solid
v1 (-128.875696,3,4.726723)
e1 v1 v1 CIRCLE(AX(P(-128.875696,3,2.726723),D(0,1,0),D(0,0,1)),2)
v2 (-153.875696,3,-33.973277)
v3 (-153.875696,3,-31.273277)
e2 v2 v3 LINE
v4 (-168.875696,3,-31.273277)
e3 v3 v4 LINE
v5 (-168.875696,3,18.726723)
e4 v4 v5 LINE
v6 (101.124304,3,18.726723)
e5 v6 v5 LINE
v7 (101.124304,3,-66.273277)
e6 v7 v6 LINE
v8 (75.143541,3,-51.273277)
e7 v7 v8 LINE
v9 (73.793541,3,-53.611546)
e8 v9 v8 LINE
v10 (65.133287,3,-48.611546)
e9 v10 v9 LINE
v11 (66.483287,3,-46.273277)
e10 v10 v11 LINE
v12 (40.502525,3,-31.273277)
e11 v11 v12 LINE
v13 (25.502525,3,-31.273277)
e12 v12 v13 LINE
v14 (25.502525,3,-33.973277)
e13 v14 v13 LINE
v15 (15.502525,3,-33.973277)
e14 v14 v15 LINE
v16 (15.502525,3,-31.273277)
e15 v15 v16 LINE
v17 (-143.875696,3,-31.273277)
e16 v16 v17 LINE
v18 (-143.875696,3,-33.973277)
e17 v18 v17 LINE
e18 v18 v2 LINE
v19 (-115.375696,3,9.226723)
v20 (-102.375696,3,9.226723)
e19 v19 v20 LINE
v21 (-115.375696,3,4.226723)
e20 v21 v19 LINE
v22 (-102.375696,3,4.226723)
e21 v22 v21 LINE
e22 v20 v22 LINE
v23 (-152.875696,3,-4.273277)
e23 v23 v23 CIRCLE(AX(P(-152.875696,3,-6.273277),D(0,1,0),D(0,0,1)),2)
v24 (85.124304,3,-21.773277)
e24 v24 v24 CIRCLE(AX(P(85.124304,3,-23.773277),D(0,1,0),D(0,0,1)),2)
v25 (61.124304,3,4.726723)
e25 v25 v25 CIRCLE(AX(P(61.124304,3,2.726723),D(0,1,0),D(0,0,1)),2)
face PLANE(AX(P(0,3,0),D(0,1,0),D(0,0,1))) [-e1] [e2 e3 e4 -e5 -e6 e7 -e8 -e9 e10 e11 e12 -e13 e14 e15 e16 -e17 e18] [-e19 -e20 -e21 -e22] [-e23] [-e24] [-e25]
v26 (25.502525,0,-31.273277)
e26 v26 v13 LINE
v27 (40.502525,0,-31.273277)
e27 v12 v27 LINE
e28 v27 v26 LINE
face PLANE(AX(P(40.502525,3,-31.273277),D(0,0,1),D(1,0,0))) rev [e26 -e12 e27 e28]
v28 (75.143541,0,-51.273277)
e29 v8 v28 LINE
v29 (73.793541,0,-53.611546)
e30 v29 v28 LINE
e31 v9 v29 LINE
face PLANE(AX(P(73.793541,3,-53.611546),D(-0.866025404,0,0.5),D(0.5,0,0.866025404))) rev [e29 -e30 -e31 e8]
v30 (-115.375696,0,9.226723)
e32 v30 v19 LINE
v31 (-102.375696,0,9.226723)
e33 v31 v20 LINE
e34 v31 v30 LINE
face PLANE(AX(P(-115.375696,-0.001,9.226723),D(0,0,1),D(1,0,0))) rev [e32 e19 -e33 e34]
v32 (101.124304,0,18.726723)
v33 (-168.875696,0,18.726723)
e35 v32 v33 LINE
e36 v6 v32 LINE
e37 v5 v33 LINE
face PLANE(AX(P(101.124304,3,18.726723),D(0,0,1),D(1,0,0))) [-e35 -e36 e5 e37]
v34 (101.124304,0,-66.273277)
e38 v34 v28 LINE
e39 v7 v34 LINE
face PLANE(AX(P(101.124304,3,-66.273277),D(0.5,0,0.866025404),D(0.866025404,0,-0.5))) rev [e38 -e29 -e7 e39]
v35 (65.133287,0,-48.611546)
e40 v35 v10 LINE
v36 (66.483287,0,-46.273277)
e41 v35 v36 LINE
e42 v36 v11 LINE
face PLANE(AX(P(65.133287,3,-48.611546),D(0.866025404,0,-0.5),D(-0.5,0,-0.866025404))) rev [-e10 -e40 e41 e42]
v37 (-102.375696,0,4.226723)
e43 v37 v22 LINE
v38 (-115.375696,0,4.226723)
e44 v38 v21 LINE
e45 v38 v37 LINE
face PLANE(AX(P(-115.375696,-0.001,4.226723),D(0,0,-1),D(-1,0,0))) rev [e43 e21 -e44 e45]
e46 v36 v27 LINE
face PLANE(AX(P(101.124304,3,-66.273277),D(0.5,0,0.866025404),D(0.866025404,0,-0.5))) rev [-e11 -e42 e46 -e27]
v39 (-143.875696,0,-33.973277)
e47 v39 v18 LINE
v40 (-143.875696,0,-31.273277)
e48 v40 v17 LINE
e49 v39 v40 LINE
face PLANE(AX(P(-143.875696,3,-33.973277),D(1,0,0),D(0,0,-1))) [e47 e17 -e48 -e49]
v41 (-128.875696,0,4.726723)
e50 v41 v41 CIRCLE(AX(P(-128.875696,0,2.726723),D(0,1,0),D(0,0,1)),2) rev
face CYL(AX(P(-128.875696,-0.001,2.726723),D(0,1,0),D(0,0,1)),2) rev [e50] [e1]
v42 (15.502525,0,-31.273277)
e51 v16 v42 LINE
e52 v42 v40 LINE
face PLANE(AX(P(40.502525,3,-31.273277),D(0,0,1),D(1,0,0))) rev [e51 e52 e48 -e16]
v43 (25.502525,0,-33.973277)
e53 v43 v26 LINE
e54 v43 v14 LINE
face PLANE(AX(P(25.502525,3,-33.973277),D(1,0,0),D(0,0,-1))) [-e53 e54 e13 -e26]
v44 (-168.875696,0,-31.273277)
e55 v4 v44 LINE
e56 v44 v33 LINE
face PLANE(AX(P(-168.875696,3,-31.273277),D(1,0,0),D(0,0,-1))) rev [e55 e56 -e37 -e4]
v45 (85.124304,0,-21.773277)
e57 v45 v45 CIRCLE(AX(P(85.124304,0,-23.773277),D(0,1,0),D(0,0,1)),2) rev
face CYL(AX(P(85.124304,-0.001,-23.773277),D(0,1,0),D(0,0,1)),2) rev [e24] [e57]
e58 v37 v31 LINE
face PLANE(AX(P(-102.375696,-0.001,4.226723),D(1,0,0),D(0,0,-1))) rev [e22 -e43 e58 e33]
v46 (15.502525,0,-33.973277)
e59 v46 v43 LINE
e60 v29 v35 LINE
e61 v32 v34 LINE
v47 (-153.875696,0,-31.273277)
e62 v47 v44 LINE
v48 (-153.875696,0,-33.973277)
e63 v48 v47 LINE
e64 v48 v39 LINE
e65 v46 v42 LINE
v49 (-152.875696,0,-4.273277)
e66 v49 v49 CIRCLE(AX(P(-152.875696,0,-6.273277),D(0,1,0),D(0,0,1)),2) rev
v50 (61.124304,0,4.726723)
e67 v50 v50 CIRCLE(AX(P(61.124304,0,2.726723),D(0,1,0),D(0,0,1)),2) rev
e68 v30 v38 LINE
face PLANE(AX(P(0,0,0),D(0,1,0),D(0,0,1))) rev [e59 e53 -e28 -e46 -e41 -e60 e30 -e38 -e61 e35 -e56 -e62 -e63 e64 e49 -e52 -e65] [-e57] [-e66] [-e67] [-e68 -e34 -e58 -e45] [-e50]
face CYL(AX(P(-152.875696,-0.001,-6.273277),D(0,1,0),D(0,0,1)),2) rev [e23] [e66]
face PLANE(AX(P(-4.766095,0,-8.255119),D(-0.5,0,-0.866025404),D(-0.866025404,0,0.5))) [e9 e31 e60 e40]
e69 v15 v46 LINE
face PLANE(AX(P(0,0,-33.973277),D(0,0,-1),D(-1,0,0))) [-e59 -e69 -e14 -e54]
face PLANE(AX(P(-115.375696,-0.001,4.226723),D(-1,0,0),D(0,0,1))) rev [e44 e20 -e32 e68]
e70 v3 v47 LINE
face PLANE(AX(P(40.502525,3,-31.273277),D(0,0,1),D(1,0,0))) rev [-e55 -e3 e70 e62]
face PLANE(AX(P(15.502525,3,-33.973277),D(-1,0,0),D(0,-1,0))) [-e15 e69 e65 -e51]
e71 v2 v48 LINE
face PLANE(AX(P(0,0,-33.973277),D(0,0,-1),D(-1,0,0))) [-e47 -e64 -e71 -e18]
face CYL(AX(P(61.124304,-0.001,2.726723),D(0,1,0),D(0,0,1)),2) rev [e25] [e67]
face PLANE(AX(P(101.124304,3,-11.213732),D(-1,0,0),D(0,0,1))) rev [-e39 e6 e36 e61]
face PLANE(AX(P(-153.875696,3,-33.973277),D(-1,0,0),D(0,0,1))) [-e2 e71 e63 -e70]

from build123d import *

# Parameters (mm, degrees)
BOSS_EXTRUDE1_DEPTH = 3
CUT_EXTRUDE1_REACH  = 5
SKETCH2_R           = 2
CUT_EXTRUDE2_REACH  = 5
SKETCH3_R           = 2
SKETCH4_W           = 10
SKETCH4_H           = 3
BOSS_EXTRUDE3_DEPTH = 2.7
SKETCH5_W           = 10
SKETCH5_H           = 3
BOSS_EXTRUDE4_DEPTH = 2.7
CUT_EXTRUDE3_REACH  = 5
SKETCH6_W           = 13
SKETCH6_H           = 5


with BuildPart() as part:
    # Sketch1 → Boss-Extrude1 (new body)
    with BuildSketch(Plane(origin=(0, 0, 0), x_dir=(1, 0, 0), z_dir=(0, 1, 0))):
        Polygon((101.124303582, 11.213732055), (101.124303582, 66.273277114), (40.502525317, 31.273277114), (-168.875696418, 31.273277114), (-168.875696418, -18.726722886), (101.124303582, -18.726722886), align=None)
    extrude(amount=BOSS_EXTRUDE1_DEPTH)

    # Sketch2 → Cut-Extrude1 (cut, up to next)
    with BuildSketch(Plane(origin=(0, 3, 0), x_dir=(1, 0, 0), z_dir=(0, 1, 0)), mode=Mode.PRIVATE) as cut_extrude1_sk1:
        with Locations(Location((-152.875696418, 6.273277114, 0), (0, 0, 270))):  # turned: the seam where the file's is
            Circle(SKETCH2_R)
    cut_extrude1_tool1 = extrude(cut_extrude1_sk1.sketch, amount=-CUT_EXTRUDE1_REACH, mode=Mode.PRIVATE) & part.part
    add(cut_extrude1_tool1.solids().sort_by_distance((-152.875696, 3, -6.273277))[0], mode=Mode.SUBTRACT)
    # Sketch2 → Cut-Extrude1 (cut, up to next)
    with BuildSketch(Plane(origin=(0, 3, 0), x_dir=(1, 0, 0), z_dir=(0, 1, 0)), mode=Mode.PRIVATE) as cut_extrude1_sk2:
        with Locations(Location((85.124303582, 23.773277114, 0), (0, 0, 270))):  # turned: the seam where the file's is
            Circle(SKETCH2_R)
    cut_extrude1_tool2 = extrude(cut_extrude1_sk2.sketch, amount=-CUT_EXTRUDE1_REACH, mode=Mode.PRIVATE) & part.part
    add(cut_extrude1_tool2.solids().sort_by_distance((85.124304, 3, -23.773277))[0], mode=Mode.SUBTRACT)

    # Sketch3 → Cut-Extrude2 (cut, up to next)
    with BuildSketch(Plane(origin=(0, 3, 0), x_dir=(1, 0, 0), z_dir=(0, 1, 0)), mode=Mode.PRIVATE) as cut_extrude2_sk1:
        with Locations(Location((-128.875696418, -2.726722886, 0), (0, 0, 270))):  # turned: the seam where the file's is
            Circle(SKETCH3_R)
    cut_extrude2_tool1 = extrude(cut_extrude2_sk1.sketch, amount=-CUT_EXTRUDE2_REACH, mode=Mode.PRIVATE) & part.part
    add(cut_extrude2_tool1.solids().sort_by_distance((-128.875696, 3, 2.726723))[0], mode=Mode.SUBTRACT)
    # Sketch3 → Cut-Extrude2 (cut, up to next)
    with BuildSketch(Plane(origin=(0, 3, 0), x_dir=(1, 0, 0), z_dir=(0, 1, 0)), mode=Mode.PRIVATE) as cut_extrude2_sk2:
        with Locations(Location((61.124303582, -2.726722886, 0), (0, 0, 270))):  # turned: the seam where the file's is
            Circle(SKETCH3_R)
    cut_extrude2_tool2 = extrude(cut_extrude2_sk2.sketch, amount=-CUT_EXTRUDE2_REACH, mode=Mode.PRIVATE) & part.part
    add(cut_extrude2_tool2.solids().sort_by_distance((61.124304, 3, 2.726723))[0], mode=Mode.SUBTRACT)

    # Sketch4 → Boss-Extrude3 (add)
    with BuildSketch(Plane.XY.offset(-31.273277114)):
        with Locations((-148.875696418, 1.5)):
            Rectangle(SKETCH4_W, SKETCH4_H)
        with Locations((20.502525317, 1.5)):
            Rectangle(SKETCH4_W, SKETCH4_H)
    extrude(amount=-BOSS_EXTRUDE3_DEPTH)

    # Sketch5 → Boss-Extrude4 (add)
    with BuildSketch(Plane(origin=(-3.416094891, 0, -5.916849915), x_dir=(-0.866025404, 0, 0.5), z_dir=(-0.5, 0, -0.866025404))):
        with Locations((-85.712854399, 1.5)):
            Rectangle(SKETCH5_W, SKETCH5_H)
    extrude(amount=BOSS_EXTRUDE4_DEPTH)

    # Sketch6 → Cut-Extrude3 (cut, up to next)
    with BuildSketch(Plane(origin=(0, 3, 0), x_dir=(1, 0, 0), z_dir=(0, 1, 0)), mode=Mode.PRIVATE) as cut_extrude3_sk1:
        with Locations((-108.875696418, -6.726722886)):
            Rectangle(SKETCH6_W, SKETCH6_H)
    cut_extrude3_tool1 = extrude(cut_extrude3_sk1.sketch, amount=-CUT_EXTRUDE3_REACH, mode=Mode.PRIVATE) & part.part
    add(cut_extrude3_tool1.solids().sort_by_distance((-108.875696, 3, 6.726723))[0], mode=Mode.SUBTRACT)


solid = part.part
